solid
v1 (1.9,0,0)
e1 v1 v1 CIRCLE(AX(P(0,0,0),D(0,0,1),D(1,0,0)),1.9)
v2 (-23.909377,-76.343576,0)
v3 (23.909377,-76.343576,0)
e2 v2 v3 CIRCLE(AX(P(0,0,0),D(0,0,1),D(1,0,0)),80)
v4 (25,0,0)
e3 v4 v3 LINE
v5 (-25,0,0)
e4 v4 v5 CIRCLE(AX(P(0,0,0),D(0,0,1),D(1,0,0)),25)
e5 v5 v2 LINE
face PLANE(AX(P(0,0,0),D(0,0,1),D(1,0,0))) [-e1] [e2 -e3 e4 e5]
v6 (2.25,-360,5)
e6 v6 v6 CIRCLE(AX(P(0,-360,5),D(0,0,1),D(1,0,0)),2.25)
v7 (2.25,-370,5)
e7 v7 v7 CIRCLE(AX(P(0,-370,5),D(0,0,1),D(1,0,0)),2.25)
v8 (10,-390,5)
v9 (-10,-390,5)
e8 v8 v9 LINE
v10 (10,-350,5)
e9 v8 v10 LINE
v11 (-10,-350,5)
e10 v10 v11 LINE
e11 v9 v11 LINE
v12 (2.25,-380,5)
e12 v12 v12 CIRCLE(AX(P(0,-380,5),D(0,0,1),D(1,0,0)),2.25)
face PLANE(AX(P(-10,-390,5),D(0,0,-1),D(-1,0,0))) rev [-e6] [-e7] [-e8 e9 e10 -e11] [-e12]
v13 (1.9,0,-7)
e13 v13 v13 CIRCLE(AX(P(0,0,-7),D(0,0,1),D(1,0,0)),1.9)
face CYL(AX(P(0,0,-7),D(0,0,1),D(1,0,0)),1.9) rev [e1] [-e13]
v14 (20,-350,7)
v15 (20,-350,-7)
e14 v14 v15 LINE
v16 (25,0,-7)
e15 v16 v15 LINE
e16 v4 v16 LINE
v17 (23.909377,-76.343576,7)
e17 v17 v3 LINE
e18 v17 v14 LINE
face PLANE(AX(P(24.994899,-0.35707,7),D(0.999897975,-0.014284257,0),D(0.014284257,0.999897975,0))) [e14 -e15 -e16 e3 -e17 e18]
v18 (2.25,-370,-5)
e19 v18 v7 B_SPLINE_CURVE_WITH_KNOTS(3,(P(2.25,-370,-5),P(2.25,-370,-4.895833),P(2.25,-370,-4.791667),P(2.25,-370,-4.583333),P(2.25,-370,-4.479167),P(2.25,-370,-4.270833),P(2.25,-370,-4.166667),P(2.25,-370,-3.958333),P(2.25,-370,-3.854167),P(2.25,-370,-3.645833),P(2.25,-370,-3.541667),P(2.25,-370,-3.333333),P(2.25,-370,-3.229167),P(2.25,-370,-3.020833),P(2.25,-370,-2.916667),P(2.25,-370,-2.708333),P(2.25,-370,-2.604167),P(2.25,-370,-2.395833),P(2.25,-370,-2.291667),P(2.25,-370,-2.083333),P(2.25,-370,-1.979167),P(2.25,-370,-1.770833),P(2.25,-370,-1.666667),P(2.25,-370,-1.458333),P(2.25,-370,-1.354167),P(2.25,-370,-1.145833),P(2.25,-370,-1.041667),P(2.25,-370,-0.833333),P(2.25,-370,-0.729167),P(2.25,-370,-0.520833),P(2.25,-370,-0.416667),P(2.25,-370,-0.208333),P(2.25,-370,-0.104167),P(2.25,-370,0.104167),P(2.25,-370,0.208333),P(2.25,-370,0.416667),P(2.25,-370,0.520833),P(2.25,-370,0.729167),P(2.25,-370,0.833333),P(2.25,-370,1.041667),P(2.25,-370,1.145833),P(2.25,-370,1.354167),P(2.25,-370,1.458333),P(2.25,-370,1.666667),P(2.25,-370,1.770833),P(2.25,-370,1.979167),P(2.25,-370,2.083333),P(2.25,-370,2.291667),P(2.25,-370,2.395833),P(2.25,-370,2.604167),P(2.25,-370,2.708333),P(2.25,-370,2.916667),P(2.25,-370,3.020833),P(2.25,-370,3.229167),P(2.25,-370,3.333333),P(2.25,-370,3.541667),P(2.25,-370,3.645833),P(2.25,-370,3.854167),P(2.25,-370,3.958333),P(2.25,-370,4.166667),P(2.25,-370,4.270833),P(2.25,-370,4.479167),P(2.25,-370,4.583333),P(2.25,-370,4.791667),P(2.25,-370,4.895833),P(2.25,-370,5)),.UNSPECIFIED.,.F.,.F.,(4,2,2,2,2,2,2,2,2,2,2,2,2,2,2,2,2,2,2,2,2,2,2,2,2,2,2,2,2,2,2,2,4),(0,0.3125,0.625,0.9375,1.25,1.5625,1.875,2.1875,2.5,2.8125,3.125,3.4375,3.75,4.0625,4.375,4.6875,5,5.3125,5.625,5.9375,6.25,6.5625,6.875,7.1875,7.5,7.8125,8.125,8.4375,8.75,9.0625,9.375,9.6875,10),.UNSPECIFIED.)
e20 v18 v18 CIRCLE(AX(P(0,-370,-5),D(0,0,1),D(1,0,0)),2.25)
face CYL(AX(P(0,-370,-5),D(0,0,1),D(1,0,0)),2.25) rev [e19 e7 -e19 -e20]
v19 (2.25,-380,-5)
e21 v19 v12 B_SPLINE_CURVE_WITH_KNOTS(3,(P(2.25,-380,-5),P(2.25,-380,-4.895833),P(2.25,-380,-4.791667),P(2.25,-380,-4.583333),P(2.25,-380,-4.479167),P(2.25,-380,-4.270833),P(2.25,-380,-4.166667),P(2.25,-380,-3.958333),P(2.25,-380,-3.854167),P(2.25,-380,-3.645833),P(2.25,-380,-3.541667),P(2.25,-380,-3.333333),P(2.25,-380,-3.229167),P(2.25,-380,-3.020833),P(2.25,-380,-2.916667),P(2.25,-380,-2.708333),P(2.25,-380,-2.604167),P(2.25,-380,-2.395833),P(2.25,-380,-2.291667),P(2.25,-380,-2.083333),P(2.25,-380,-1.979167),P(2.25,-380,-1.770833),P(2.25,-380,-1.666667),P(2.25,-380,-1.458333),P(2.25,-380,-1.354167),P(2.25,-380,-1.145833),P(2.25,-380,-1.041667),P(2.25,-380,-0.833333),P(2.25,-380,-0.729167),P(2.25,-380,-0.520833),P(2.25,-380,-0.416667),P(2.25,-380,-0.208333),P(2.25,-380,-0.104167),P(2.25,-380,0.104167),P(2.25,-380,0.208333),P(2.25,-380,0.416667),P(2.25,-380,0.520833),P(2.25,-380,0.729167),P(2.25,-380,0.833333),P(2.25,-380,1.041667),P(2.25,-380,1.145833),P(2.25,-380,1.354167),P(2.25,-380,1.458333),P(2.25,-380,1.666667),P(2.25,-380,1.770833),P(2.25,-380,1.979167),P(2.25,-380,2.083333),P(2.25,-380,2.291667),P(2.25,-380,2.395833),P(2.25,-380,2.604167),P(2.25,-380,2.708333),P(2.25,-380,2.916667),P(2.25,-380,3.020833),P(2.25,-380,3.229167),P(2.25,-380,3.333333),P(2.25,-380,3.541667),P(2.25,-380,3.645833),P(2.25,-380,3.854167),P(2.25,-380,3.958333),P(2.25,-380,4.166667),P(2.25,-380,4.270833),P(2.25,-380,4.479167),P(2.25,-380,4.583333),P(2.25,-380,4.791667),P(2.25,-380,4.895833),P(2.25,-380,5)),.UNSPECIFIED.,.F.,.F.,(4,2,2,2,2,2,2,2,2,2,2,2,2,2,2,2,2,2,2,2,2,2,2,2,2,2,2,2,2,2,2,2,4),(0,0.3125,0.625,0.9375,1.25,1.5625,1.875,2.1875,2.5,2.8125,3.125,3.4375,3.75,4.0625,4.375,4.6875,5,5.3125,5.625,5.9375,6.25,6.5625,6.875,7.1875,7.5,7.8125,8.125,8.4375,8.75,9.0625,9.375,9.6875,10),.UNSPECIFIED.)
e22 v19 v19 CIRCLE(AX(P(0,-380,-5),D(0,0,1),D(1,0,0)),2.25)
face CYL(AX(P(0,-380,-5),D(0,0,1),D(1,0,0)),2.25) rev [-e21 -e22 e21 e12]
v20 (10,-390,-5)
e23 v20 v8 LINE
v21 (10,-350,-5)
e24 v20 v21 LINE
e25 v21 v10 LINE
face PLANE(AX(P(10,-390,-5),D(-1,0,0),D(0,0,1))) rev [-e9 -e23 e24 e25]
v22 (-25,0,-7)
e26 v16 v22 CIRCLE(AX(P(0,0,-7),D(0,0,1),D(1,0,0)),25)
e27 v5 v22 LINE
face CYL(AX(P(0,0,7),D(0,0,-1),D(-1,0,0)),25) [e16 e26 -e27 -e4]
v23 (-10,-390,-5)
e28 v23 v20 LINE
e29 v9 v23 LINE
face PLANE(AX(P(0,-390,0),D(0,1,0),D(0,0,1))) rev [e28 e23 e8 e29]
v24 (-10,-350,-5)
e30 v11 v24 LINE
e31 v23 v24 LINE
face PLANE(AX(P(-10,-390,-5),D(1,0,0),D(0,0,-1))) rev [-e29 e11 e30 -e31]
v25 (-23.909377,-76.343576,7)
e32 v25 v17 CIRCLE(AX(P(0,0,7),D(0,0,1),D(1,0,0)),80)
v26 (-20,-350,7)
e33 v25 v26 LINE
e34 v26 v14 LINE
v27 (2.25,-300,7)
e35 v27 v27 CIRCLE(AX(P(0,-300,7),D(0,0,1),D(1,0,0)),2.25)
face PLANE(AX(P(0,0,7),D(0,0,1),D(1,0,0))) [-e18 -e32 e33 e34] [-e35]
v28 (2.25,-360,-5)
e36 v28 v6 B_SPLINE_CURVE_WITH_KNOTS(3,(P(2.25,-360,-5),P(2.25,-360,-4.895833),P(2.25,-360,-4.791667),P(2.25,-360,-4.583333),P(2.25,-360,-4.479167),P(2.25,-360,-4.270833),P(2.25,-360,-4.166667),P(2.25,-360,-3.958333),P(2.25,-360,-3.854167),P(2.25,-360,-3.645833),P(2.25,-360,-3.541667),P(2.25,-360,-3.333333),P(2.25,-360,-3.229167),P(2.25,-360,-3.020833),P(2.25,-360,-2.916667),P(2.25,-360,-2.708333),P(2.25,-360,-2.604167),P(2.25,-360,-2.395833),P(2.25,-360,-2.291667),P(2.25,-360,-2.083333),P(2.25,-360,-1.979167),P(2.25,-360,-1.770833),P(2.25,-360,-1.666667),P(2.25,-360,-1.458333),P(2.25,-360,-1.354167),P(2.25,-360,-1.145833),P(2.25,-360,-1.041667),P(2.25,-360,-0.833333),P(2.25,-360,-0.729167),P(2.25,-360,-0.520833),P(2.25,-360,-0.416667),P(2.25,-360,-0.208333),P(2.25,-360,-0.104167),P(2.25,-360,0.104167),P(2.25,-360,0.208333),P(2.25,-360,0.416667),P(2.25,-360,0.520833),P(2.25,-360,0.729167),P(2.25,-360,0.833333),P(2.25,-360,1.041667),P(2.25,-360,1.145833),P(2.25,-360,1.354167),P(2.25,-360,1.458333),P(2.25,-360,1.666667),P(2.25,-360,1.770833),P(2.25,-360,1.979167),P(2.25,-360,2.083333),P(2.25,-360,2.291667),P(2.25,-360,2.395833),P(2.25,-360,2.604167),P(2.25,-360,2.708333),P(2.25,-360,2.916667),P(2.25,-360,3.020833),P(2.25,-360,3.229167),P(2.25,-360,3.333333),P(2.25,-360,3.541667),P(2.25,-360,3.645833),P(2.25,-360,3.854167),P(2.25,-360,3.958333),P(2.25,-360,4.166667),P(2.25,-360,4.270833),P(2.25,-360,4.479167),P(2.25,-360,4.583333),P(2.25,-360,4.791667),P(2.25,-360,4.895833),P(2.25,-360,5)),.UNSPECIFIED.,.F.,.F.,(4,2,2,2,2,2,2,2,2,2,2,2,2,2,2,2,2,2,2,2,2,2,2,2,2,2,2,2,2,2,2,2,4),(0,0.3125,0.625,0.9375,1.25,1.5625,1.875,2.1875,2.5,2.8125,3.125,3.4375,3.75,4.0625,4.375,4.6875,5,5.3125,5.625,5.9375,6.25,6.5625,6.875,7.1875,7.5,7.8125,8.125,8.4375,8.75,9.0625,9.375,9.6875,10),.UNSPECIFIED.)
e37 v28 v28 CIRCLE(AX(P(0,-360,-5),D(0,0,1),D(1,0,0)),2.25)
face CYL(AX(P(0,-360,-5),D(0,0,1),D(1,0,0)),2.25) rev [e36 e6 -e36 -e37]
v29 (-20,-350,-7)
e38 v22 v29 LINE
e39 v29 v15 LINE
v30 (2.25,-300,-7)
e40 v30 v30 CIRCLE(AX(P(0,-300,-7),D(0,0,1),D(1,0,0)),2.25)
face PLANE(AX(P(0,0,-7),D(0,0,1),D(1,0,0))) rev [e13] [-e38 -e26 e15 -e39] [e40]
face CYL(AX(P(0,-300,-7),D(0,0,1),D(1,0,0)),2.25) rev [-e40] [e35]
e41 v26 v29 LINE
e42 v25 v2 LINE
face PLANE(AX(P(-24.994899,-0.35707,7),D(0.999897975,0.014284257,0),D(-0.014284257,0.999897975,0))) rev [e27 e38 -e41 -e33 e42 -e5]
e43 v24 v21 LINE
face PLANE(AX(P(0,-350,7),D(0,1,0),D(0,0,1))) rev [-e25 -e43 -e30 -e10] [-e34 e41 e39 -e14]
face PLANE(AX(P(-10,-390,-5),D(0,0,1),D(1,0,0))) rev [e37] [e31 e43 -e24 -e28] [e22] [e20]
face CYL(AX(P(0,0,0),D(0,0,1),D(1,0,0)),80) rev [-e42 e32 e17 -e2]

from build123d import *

# Parameters (mm, degrees)
BOSS_EXTRUDE3_DEPTH = 7
SKETCH17_R          = 80
CUT_EXTRUDE9_DEPTH  = 7
SKETCH18_R          = 2.25
CUT_EXTRUDE10_DEPTH = 14
SKETCH19_R          = 1.9
CUT_EXTRUDE11_DEPTH = 7
SKETCH14_W          = 20
SKETCH14_H          = 10
BOSS_EXTRUDE4_DEPTH = 40
SKETCH20_R          = 2.25
CUT_EXTRUDE12_DEPTH = 10
LPATTERN1_COUNT     = 3
LPATTERN1_PITCH     = 10


with BuildPart() as part:
    # Sketch7 → Boss-Extrude3 (new, symmetric)
    with BuildSketch(Plane.XY):
        with BuildLine():
            ThreePointArc((25, 0), (0, 25), (-25, 0))
            Line((-25, 0), (-24.989798, -0.714139971))
            ThreePointArc((-24.989798, -0.714139971), (0, -25), (24.989798, -0.714139971))
            Line((24.989798, -0.714139971), (25, 0))
        make_face()
        with BuildLine():
            ThreePointArc((24.989798, -0.714139971), (0, -25), (-24.989798, -0.714139971))
            Line((-24.989798, -0.714139971), (-20, -350))
            Line((-20, -350), (20, -350))
            Line((20, -350), (24.989798, -0.714139971))
        make_face()
    extrude(amount=BOSS_EXTRUDE3_DEPTH, both=True)

    # Sketch17 → Cut-Extrude9 (cut)
    with BuildSketch(Plane.XY.offset(7)):
        Circle(SKETCH17_R)
    extrude(amount=-CUT_EXTRUDE9_DEPTH, mode=Mode.SUBTRACT)

    # Sketch18 → Cut-Extrude10 (cut)
    with BuildSketch(Plane.XY.offset(7)):
        with Locations((0, -300)):
            Circle(SKETCH18_R)
    extrude(amount=-CUT_EXTRUDE10_DEPTH, mode=Mode.SUBTRACT)

    # Sketch19 → Cut-Extrude11 (cut)
    with BuildSketch(Plane.XY):
        Circle(SKETCH19_R)
    extrude(amount=-CUT_EXTRUDE11_DEPTH, mode=Mode.SUBTRACT)

    # Sketch14 → Boss-Extrude4 (add)
    with BuildSketch(Plane.XZ.offset(350)):
        Rectangle(SKETCH14_W, SKETCH14_H)
    extrude(amount=BOSS_EXTRUDE4_DEPTH)

    # Sketch20 → Cut-Extrude12 (cut)
    with BuildSketch(Plane.XY.offset(5)):
        with Locations((0, -360)):
            Circle(SKETCH20_R)
    cut_extrude12 = extrude(amount=-CUT_EXTRUDE12_DEPTH, mode=Mode.SUBTRACT)

    # LPattern1: Cut-Extrude12 ×3
    with Locations(*[(0, -i * LPATTERN1_PITCH, 0) for i in range(1, LPATTERN1_COUNT)]):
        add(cut_extrude12, mode=Mode.SUBTRACT)


solid = part.part
